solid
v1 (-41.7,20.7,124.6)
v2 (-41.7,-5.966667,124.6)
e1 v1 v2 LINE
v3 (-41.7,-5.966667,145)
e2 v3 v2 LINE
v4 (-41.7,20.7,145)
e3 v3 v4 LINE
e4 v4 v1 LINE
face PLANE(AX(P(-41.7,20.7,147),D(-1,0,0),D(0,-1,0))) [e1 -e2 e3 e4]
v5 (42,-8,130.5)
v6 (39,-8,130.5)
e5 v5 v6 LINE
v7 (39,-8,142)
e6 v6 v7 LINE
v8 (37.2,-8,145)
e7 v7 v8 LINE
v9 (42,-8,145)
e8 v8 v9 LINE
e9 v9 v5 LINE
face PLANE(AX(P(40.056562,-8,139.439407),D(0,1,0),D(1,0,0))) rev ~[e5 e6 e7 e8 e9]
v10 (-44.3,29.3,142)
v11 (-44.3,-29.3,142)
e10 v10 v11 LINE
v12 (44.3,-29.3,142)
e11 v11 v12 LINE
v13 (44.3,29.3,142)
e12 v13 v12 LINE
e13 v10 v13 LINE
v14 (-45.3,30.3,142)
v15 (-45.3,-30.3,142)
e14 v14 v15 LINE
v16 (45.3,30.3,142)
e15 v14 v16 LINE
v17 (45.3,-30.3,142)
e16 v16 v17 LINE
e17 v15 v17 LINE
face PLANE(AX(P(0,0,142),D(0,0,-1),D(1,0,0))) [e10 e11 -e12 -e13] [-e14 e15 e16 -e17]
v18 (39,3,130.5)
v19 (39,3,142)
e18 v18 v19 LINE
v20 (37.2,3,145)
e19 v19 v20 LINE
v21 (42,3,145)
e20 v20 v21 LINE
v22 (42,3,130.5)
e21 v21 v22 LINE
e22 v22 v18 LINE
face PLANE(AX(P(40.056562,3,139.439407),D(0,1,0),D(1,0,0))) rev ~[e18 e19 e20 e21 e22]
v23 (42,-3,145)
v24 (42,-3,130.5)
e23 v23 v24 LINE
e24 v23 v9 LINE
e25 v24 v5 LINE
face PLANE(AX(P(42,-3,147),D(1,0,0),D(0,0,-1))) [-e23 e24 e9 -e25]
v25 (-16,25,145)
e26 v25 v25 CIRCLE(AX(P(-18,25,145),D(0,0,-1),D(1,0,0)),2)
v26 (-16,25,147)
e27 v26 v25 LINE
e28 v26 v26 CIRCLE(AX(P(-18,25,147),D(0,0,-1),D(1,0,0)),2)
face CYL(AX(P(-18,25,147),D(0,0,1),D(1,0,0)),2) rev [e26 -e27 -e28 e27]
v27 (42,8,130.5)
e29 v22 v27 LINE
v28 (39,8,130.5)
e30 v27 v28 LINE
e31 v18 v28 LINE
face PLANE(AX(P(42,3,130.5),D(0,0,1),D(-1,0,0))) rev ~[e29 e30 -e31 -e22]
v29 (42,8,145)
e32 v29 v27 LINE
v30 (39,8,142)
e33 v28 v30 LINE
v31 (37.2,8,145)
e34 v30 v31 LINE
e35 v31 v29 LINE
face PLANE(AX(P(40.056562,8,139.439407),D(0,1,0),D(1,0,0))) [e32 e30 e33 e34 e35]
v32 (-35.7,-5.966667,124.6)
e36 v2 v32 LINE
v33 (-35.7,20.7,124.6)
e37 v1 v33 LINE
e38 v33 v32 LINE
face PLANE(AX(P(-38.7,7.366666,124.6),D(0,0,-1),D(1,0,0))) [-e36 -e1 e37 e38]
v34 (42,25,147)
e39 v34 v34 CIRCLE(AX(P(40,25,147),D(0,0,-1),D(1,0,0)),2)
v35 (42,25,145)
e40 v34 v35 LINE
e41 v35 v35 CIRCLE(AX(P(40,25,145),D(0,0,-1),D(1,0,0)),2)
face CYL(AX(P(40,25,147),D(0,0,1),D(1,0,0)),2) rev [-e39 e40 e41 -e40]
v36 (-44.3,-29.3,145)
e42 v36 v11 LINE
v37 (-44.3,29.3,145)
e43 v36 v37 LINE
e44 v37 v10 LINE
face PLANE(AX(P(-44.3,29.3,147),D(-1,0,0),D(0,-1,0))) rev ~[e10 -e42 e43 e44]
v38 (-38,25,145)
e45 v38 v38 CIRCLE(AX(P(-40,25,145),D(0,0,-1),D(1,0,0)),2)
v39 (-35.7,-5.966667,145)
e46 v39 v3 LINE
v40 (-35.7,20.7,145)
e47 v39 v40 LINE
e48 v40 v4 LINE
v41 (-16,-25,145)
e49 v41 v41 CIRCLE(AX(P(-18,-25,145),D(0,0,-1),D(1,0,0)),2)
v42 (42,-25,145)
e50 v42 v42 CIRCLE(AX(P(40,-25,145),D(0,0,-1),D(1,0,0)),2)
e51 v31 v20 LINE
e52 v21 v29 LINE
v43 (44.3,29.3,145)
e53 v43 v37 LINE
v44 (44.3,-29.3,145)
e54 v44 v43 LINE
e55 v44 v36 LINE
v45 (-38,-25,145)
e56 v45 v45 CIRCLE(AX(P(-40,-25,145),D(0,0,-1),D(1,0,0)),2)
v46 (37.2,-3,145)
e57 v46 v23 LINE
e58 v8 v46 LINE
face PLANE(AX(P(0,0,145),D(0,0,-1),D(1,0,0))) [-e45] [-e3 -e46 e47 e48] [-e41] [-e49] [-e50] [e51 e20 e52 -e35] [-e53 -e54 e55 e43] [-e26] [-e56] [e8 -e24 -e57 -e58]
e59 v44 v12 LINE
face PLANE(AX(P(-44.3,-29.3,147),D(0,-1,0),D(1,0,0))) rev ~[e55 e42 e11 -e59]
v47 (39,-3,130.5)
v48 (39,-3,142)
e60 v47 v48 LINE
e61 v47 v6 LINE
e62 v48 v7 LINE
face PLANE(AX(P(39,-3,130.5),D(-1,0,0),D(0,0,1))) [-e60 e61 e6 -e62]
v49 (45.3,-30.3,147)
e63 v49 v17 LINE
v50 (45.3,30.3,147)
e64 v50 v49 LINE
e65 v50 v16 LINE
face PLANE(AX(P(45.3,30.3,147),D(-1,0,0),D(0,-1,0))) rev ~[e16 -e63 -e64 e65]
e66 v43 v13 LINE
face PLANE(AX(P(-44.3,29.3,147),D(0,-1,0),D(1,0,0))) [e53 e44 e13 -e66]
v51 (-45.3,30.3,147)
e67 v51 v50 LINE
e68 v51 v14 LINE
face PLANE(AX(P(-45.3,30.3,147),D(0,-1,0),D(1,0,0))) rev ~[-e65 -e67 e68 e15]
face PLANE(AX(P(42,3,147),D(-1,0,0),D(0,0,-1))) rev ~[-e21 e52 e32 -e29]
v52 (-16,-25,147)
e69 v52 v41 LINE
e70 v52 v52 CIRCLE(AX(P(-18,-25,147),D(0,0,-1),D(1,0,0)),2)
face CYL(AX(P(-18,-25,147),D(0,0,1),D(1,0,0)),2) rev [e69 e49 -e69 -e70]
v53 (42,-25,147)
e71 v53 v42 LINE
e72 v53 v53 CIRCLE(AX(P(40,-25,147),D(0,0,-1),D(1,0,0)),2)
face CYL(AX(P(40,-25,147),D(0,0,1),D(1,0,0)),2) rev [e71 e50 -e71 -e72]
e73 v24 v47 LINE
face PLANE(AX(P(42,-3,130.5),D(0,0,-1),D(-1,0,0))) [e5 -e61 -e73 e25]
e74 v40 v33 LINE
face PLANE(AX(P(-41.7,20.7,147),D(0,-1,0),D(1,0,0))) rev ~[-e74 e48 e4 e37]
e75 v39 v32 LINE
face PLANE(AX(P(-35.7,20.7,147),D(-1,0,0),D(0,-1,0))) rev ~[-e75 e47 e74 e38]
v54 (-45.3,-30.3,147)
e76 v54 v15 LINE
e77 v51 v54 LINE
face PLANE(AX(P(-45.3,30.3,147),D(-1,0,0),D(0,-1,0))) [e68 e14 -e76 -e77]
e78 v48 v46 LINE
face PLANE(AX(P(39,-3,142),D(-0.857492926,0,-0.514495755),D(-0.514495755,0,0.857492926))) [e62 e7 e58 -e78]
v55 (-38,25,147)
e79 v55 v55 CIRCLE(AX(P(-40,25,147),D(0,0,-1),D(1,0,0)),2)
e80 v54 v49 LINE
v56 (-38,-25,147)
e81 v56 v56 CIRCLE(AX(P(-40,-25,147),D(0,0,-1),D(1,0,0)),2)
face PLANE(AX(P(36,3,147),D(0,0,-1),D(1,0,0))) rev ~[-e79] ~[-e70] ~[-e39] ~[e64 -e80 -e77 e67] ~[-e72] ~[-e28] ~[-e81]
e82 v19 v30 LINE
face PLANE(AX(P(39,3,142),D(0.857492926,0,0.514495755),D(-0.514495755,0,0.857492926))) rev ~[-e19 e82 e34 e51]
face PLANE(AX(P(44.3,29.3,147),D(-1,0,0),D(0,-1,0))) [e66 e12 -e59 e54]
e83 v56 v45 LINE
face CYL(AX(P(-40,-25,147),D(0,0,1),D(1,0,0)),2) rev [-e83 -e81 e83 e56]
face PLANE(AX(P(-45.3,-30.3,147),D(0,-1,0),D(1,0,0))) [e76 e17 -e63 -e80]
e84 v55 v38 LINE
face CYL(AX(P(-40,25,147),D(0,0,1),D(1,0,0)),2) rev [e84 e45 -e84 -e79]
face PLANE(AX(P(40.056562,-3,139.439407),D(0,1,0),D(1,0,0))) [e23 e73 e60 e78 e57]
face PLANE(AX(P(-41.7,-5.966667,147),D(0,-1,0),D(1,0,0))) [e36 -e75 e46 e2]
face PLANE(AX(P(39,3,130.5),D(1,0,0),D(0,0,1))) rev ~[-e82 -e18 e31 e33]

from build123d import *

# Parameters (mm, degrees)
SKETCH015_W             = 90
SKETCH015_H             = 60
SKETCH015_R             = 2
PAD009_DEPTH            = 2
SKETCH016_W             = 90.6
SKETCH016_H             = 60.6
SKETCH016_W_2           = 88.6
SKETCH016_H_2           = 58.6
PAD010_DEPTH            = 5
SKETCH017_W             = 6
SKETCH017_H             = 26.666667
PAD011_DEPTH            = 22.4
PAD014_START            = -3
PAD014_DEPTH            = 5
PAD015_START            = 3
PAD015_DEPTH            = 5
BODY004_PLACEMENT_ANGLE = 180


with BuildPart() as part:
    # Sketch015 → Pad009 (new body)
    with BuildSketch(Plane.XY):
        Rectangle(SKETCH015_W, SKETCH015_H)
        with Locations((-40, 25)):
            Circle(SKETCH015_R, mode=Mode.SUBTRACT)
        with Locations((-18, 25)):
            Circle(SKETCH015_R, mode=Mode.SUBTRACT)
        with Locations((40, 25)):
            Circle(SKETCH015_R, mode=Mode.SUBTRACT)
        with Locations((40, -25)):
            Circle(SKETCH015_R, mode=Mode.SUBTRACT)
        with Locations((-18, -25)):
            Circle(SKETCH015_R, mode=Mode.SUBTRACT)
        with Locations((-40, -25)):
            Circle(SKETCH015_R, mode=Mode.SUBTRACT)
    extrude(amount=PAD009_DEPTH)

    # Sketch016 → Pad010 (join)
    with BuildSketch(Plane.XY):
        Rectangle(SKETCH016_W, SKETCH016_H)
        Rectangle(SKETCH016_W_2, SKETCH016_H_2, mode=Mode.SUBTRACT)
    extrude(amount=PAD010_DEPTH)

    # Sketch017 → Pad011 (join)
    with BuildSketch(Plane.XY):
        with Locations((-38.7, -7.366666)):
            Rectangle(SKETCH017_W, SKETCH017_H)
    extrude(amount=PAD011_DEPTH)

    # Sketch020 → Pad014 (join)
    with BuildSketch(Plane.XZ.offset(PAD014_START)):
        Polygon((36, 0), (42, 0), (42, 16.5), (39, 16.5), (39, 5), align=None)
    extrude(amount=-PAD014_DEPTH)

    # Sketch020 → Pad015 (join)
    with BuildSketch(Plane.XZ.offset(PAD015_START)):
        Polygon((36, 0), (42, 0), (42, 16.5), (39, 16.5), (39, 5), align=None)
    extrude(amount=PAD015_DEPTH)


with BuildPart() as part_1:
    # Body004 placement: moved
    add(part.part.moved(Location((0, 0, 147))).rotate(Axis((0, 0, 147), (1, 0, 0)), BODY004_PLACEMENT_ANGLE))


solid = part_1.part
